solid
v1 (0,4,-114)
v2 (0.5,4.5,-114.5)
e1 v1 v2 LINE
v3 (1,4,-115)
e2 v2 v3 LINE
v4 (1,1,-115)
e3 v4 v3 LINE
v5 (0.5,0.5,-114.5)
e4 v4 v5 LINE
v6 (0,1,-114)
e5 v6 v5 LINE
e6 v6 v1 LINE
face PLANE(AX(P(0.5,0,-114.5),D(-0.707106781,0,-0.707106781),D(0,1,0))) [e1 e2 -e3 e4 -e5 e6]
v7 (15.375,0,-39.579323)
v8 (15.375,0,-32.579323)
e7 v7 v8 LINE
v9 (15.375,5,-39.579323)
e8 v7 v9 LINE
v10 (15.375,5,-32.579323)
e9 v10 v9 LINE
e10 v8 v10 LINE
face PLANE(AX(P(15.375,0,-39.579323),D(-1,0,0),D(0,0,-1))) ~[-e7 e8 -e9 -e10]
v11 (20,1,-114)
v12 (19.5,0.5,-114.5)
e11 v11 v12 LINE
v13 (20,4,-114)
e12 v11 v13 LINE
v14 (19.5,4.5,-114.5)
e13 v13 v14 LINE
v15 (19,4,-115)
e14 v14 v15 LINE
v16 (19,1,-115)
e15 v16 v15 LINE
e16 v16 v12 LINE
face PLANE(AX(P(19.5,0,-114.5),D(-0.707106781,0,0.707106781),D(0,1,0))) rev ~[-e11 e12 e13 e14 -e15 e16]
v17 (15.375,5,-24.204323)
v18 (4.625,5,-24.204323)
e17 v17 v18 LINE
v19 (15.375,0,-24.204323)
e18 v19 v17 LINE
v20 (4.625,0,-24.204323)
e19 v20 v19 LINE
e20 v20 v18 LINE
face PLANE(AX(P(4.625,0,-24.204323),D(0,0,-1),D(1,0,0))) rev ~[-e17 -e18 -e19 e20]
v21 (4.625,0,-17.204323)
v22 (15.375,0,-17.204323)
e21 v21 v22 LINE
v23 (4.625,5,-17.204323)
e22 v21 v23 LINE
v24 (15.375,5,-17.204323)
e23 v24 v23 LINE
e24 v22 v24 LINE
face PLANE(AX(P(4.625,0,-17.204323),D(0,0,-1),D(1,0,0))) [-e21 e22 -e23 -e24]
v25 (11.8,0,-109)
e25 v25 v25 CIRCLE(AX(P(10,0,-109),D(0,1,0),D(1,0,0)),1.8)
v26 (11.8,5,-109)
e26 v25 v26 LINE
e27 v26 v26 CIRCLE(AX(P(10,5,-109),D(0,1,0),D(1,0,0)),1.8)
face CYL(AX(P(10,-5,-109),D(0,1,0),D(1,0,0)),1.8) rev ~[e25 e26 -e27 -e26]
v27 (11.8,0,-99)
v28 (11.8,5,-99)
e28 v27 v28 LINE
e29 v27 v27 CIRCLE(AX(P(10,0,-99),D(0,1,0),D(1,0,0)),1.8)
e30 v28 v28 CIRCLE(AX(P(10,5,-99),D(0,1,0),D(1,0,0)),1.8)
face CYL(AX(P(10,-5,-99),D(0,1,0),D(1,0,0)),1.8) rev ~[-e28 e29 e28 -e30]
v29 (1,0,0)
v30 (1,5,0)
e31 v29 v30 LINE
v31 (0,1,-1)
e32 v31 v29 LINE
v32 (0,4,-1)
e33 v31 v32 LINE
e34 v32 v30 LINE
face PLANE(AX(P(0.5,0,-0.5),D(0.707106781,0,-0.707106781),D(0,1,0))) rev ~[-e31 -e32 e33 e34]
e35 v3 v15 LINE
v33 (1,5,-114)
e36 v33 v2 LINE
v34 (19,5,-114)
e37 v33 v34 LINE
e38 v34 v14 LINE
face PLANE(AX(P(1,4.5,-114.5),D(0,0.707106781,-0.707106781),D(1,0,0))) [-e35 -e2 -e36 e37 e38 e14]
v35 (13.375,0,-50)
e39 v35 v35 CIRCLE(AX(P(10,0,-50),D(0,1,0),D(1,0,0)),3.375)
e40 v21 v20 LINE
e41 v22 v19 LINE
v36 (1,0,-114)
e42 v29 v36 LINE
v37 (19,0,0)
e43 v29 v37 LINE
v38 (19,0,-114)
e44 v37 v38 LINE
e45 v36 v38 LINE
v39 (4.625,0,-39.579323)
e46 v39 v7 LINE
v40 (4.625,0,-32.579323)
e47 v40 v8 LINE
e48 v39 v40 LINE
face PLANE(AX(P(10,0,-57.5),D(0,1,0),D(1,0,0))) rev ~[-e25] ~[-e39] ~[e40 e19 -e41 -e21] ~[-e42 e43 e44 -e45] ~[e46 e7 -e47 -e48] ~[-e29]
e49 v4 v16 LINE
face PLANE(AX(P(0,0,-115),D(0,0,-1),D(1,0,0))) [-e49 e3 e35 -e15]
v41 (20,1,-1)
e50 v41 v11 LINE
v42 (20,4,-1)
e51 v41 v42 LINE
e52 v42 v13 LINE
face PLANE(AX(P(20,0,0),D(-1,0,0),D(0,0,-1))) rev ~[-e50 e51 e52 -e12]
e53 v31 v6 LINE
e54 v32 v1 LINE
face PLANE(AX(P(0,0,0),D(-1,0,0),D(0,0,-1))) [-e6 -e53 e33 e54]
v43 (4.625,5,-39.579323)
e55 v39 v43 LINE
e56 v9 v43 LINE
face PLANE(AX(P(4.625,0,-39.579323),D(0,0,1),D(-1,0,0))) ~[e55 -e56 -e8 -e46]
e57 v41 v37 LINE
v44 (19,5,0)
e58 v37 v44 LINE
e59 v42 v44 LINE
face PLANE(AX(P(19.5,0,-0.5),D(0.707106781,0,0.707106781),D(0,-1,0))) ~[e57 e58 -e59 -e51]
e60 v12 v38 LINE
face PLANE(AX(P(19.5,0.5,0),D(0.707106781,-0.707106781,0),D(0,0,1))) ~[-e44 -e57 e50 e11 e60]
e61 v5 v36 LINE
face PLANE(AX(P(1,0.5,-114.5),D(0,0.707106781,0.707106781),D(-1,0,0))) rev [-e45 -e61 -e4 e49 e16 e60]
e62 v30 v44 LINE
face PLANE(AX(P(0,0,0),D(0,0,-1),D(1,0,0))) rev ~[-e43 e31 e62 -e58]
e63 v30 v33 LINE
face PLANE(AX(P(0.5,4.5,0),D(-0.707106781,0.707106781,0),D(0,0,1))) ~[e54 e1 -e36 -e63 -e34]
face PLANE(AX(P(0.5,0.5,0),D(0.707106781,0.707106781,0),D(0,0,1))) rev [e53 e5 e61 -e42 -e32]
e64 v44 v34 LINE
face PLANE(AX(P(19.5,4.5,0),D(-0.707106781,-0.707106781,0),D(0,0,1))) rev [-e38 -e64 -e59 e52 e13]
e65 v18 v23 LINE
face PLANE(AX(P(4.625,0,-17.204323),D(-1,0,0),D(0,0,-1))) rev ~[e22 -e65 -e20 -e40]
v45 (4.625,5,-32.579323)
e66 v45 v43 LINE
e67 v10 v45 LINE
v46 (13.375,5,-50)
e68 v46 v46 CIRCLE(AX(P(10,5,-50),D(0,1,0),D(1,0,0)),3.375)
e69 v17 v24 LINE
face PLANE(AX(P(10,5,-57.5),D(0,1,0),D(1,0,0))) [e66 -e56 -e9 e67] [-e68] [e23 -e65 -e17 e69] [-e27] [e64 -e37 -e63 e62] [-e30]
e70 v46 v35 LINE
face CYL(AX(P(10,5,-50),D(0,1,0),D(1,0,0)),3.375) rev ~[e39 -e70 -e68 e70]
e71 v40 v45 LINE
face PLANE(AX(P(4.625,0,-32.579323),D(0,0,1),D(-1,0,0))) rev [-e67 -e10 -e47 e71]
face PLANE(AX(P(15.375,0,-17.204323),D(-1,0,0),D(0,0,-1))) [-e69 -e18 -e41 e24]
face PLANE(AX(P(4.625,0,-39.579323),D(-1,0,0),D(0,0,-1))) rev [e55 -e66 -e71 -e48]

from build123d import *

# Parameters (mm, degrees)
SKETCH1_W                = 20
SKETCH1_H                = 115
BOSS_EXTRUDE1_DEPTH      = 5
CHAMFER1_SIZE            = 1
CHAMFER2_SIZE            = 1
M3_CLEARANCE_HOLE6_D     = 3.6
M3_CLEARANCE_HOLE6_DEPTH = 5
SKETCH19_W               = 10.75
SKETCH19_H               = 7
CUT_EXTRUDE3_DEPTH       = 6
SKETCH20_R               = 3.375
CUT_EXTRUDE4_DEPTH       = 10


with BuildPart() as part:
    # Sketch1 → Boss-Extrude1 (new body)
    with BuildSketch(Plane(origin=(0, 0, 0), x_dir=(1, 0, 0), z_dir=(0, 1, 0))):
        with Locations((10, 57.5)):
            Rectangle(SKETCH1_W, SKETCH1_H)
    extrude(amount=BOSS_EXTRUDE1_DEPTH)

    # Chamfer1
    chamfer1_edges = [part.edges().sort_by_distance(p)[0] for p in [
        (20, 5, -57.5),
        (0, 5, -57.5),
        (20, 0, -57.5),
        (0, 0, -57.5),
        (0, 2.5, -115),
        (20, 2.5, -115),
        (20, 2.5, 0),
        (0, 2.5, 0),
    ]]
    chamfer(chamfer1_edges, length=CHAMFER1_SIZE)

    # Chamfer2
    chamfer2_edges = [part.edges().sort_by_distance(p)[0] for p in [
        (10, 5, -115),
        (10, 0, -115),
    ]]
    chamfer(chamfer2_edges, length=CHAMFER2_SIZE)

    # M3 Clearance Hole6
    with Locations(Plane(origin=(0, 0, 0), x_dir=(-1, 0, 0), z_dir=(0, -1, 0))):
        with Locations((-10, 109), (-10, 99)):
            Hole(M3_CLEARANCE_HOLE6_D / 2, depth=M3_CLEARANCE_HOLE6_DEPTH)

    # Sketch19 → Cut-Extrude3 (cut, through all)
    with BuildSketch(Plane(origin=(0, 0, 0), x_dir=(1, 0, 0), z_dir=(0, 1, 0))):
        with Locations((10, 20.704322589)):
            Rectangle(SKETCH19_W, SKETCH19_H)
    cut_extrude3 = extrude(amount=CUT_EXTRUDE3_DEPTH, mode=Mode.SUBTRACT)

    # Mirror1: Cut-Extrude3 across plane
    add(cut_extrude3.mirror(Plane.XY.offset(-28.391822589)), mode=Mode.SUBTRACT)

    # Sketch20 → Cut-Extrude4 (cut)
    with BuildSketch(Plane(origin=(0, 5, 0), x_dir=(1, 0, 0), z_dir=(0, 1, 0))):
        with Locations((10, 50)):
            Circle(SKETCH20_R)
    extrude(amount=-CUT_EXTRUDE4_DEPTH, mode=Mode.SUBTRACT)


solid = part.part
